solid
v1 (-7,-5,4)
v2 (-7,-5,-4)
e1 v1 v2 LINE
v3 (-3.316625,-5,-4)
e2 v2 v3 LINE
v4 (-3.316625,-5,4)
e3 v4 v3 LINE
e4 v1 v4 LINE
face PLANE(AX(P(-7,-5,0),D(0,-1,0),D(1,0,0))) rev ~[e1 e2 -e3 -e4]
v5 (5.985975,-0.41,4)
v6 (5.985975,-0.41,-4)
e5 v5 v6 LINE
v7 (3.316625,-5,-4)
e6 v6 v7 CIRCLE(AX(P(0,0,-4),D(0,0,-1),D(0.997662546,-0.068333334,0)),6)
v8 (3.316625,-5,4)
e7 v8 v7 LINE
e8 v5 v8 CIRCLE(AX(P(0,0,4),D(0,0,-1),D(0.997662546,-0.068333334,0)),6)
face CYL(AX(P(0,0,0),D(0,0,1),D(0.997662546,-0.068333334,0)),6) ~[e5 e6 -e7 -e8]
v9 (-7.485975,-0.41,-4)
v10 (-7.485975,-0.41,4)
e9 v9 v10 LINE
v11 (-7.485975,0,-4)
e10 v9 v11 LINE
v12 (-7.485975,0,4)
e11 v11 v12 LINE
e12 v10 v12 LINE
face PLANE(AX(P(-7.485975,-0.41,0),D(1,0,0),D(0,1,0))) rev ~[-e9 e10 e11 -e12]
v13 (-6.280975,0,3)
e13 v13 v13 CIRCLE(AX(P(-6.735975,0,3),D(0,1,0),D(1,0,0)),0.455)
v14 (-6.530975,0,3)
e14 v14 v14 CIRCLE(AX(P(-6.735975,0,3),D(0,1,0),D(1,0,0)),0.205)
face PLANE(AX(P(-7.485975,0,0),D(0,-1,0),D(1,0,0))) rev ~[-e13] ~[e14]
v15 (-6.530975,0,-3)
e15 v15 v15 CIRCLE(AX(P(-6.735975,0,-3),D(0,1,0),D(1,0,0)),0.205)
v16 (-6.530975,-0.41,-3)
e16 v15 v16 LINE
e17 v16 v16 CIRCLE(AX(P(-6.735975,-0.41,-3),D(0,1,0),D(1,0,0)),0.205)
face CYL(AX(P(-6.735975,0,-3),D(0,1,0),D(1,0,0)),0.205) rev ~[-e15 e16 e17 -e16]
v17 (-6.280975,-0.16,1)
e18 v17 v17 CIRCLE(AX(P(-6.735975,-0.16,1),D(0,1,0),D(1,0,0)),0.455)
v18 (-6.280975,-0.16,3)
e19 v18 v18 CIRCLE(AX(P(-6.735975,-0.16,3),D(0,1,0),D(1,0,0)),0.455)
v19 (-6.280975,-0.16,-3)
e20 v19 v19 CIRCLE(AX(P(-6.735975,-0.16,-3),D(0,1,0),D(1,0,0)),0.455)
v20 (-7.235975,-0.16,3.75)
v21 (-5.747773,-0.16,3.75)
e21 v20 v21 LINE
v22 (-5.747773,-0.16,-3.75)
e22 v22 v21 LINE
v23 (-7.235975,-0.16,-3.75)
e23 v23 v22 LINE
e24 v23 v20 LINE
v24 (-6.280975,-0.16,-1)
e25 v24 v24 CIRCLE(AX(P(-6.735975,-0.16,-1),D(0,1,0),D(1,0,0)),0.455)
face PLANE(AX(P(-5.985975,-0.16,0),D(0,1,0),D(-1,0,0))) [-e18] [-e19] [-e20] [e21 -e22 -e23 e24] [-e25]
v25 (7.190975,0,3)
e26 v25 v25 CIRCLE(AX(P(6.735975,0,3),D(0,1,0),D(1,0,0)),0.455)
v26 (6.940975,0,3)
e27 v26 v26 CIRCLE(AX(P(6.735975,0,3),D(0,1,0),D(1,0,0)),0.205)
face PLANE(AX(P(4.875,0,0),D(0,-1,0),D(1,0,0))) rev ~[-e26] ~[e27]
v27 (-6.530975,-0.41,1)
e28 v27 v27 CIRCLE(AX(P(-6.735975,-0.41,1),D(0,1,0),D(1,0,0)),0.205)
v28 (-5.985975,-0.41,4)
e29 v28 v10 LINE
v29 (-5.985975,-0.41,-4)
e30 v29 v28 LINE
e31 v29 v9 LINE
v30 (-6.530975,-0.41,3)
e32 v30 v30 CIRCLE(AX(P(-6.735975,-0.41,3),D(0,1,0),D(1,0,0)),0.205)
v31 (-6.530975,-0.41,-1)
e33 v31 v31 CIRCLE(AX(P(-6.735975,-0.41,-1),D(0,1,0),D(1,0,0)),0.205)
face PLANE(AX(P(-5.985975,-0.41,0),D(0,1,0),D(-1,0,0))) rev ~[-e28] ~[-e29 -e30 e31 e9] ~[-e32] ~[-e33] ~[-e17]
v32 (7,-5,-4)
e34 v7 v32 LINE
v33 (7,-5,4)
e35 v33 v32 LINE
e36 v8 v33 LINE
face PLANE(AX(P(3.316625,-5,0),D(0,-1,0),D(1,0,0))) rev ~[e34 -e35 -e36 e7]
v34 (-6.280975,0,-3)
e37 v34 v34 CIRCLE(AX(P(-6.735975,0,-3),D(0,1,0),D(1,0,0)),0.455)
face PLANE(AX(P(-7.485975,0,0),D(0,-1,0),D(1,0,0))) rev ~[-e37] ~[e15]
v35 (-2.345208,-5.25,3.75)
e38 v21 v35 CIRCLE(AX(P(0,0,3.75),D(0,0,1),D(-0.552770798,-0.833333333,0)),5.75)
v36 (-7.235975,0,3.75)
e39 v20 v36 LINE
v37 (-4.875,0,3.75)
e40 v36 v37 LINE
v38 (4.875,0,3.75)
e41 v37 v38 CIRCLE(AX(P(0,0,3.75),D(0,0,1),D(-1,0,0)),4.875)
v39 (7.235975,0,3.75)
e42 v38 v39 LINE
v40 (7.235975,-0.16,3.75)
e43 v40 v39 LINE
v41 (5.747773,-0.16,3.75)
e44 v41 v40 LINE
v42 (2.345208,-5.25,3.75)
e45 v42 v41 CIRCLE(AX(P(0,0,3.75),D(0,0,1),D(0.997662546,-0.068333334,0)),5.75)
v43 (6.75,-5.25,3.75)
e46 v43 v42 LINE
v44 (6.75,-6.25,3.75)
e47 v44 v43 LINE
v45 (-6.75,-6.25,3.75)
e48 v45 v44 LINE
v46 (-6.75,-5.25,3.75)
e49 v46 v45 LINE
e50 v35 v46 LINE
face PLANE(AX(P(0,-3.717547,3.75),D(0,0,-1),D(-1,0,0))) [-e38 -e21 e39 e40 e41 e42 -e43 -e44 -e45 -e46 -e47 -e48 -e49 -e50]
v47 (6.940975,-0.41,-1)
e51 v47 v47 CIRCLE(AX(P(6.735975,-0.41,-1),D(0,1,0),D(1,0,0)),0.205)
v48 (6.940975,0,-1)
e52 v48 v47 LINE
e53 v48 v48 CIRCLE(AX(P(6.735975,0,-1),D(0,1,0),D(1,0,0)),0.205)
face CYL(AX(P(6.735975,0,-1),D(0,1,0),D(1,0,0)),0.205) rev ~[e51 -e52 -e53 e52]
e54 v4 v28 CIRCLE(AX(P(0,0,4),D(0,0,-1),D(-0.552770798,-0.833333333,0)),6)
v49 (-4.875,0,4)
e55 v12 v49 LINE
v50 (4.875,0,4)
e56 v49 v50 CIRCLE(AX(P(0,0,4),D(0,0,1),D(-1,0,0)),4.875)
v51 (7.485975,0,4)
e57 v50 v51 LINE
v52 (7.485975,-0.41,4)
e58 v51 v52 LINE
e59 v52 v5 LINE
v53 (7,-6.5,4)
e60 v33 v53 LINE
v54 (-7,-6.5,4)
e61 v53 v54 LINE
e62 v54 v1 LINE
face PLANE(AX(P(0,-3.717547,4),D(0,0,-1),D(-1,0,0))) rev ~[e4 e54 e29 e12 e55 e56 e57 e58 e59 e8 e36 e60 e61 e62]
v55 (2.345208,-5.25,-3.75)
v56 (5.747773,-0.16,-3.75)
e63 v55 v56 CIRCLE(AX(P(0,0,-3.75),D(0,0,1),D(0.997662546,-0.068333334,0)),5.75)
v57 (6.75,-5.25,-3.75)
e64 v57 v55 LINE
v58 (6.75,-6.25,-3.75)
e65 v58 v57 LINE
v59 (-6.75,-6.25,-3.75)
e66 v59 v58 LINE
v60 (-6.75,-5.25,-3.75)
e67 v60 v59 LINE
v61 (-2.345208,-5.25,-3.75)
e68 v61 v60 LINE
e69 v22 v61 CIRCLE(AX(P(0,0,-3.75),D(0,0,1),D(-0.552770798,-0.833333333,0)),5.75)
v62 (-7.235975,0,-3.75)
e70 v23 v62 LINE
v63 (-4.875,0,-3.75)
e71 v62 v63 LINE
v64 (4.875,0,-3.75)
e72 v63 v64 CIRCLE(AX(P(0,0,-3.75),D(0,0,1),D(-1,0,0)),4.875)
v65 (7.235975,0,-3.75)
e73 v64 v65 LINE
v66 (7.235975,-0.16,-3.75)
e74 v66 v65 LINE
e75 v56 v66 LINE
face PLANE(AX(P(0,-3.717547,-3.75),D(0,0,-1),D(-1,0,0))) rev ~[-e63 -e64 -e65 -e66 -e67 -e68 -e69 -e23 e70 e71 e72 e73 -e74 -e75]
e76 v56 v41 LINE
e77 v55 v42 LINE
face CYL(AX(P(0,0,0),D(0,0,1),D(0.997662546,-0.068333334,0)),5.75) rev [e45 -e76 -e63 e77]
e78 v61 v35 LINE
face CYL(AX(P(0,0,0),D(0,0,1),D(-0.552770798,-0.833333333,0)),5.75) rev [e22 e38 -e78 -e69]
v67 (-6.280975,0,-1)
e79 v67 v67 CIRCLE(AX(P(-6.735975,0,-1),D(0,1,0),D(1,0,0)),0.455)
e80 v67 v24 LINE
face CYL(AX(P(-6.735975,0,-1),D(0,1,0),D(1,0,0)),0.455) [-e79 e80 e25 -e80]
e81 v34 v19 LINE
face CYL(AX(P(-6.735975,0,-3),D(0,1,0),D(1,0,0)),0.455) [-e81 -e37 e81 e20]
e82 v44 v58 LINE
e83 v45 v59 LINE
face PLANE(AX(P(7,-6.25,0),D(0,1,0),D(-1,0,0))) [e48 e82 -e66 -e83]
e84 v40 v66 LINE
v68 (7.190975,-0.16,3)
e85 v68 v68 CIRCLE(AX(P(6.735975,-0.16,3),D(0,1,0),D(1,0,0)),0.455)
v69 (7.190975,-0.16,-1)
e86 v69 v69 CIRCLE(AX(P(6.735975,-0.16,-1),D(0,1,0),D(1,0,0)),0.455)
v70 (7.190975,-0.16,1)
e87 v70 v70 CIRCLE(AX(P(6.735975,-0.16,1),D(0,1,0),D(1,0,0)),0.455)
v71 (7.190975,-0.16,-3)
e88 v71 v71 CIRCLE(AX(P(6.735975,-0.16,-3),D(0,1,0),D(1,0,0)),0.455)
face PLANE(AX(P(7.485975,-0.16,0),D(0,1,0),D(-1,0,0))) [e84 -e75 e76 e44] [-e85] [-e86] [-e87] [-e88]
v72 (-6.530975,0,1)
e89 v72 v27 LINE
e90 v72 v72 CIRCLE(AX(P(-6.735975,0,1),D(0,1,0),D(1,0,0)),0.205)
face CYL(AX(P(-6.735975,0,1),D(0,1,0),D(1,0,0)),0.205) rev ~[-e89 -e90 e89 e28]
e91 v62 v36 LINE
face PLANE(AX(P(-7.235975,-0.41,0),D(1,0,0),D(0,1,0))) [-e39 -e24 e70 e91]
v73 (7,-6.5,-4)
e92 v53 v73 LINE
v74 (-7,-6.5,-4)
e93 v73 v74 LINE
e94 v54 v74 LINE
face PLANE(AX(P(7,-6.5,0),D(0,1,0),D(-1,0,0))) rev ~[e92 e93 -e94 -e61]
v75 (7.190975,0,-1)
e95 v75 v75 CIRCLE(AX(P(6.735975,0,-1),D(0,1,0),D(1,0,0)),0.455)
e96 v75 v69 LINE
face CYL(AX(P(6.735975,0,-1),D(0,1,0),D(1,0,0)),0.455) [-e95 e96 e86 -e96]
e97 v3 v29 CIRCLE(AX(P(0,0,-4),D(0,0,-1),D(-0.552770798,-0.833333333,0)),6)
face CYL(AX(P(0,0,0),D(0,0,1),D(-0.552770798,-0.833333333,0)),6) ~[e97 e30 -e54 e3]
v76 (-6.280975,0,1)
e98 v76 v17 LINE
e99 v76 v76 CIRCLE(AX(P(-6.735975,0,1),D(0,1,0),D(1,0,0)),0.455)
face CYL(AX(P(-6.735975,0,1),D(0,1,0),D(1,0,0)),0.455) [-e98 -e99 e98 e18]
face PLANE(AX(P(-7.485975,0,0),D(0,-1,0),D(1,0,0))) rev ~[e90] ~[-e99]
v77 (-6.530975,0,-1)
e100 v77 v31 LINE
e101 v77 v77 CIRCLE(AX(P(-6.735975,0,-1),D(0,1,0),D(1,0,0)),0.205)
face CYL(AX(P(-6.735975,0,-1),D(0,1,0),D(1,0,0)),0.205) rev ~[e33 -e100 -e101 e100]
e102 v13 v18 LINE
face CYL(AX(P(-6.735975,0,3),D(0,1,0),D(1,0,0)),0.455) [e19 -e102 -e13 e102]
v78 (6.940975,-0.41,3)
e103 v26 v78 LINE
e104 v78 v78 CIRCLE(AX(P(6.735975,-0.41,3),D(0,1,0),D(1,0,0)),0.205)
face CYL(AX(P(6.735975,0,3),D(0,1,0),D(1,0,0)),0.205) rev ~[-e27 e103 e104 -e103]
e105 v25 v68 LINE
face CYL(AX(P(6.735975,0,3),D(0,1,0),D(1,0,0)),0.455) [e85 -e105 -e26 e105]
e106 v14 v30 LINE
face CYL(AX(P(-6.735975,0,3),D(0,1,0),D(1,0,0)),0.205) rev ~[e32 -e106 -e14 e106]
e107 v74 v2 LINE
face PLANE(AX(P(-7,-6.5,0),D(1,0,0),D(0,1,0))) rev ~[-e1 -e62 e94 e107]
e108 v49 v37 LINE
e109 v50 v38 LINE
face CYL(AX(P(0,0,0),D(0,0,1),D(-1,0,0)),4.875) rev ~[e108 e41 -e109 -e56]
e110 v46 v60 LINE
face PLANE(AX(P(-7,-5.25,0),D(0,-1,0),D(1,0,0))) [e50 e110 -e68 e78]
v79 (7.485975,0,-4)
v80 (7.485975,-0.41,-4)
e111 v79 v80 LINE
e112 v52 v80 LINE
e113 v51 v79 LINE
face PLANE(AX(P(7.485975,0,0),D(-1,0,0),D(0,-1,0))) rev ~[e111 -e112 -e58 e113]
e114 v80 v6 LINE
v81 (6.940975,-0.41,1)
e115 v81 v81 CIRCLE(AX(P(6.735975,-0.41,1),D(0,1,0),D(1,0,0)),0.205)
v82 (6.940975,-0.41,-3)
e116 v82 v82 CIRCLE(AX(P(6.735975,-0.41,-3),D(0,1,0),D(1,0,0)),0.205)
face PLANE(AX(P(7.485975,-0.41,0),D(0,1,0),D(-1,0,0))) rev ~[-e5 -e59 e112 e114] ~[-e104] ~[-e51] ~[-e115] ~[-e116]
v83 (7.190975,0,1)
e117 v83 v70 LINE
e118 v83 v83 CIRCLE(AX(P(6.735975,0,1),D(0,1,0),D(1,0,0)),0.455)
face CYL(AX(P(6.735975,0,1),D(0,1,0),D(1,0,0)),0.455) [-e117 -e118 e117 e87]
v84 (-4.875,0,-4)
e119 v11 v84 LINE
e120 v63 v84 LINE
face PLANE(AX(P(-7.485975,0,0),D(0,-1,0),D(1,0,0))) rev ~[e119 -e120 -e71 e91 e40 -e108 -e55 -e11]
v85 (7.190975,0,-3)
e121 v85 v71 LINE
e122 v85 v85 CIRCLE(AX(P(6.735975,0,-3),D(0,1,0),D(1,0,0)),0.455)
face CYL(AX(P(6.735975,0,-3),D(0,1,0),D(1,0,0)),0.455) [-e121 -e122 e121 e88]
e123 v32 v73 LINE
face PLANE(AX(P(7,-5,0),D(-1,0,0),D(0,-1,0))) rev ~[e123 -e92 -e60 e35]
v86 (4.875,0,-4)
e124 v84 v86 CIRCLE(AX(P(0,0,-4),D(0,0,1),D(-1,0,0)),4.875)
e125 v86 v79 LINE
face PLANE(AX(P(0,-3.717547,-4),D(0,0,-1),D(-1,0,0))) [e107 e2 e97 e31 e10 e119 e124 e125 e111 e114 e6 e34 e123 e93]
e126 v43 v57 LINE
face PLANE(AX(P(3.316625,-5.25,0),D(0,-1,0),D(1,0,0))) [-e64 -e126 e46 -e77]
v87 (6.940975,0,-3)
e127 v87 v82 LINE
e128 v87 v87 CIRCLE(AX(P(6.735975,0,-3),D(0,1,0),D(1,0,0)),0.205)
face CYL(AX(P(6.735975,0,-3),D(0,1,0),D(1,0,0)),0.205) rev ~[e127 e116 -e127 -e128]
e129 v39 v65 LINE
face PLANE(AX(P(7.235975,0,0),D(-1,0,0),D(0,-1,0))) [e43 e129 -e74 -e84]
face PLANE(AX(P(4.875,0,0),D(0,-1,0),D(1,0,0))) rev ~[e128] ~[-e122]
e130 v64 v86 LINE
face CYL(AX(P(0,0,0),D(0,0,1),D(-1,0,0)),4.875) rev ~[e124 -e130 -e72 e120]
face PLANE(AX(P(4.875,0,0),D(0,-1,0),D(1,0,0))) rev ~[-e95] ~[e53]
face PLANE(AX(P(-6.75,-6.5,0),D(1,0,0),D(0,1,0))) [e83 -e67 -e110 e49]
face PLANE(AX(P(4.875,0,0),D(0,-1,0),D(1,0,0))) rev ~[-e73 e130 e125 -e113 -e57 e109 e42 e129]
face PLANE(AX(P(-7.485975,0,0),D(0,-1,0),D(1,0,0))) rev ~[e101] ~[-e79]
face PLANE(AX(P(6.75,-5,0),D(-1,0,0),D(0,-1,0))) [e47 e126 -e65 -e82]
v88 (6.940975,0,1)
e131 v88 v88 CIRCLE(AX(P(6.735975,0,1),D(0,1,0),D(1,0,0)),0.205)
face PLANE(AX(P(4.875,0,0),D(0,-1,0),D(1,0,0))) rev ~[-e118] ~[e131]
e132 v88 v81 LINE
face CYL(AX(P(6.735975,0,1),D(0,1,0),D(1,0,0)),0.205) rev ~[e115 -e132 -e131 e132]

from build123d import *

# Parameters (mm, degrees)
BOSS_EXTRUDE2_DEPTH = 4
CUT_EXTRUDE2_REACH  = 8.5
SKETCH3_R           = 0.205
SHELL1_T            = -0.25


with BuildPart() as part:
    # Sketch1 → Boss-Extrude2 (new body, symmetric)
    with BuildSketch(Plane.XY):
        with BuildLine():
            Line((-7.485975276, 0), (-4.875, 0))
            ThreePointArc((-4.875, 0), (0, -4.875), (4.875, 0))
            Line((4.875, 0), (7.485975276, 0))
            Line((7.485975276, 0), (7.485975276, -0.41))
            Line((7.485975276, -0.41), (5.985975276, -0.41))
            ThreePointArc((5.985975276, -0.41), (5.186676874, -3.016352599), (3.31662479, -5))
            Line((3.31662479, -5), (7, -5))
            Line((7, -5), (7, -6.5))
            Line((7, -6.5), (-7, -6.5))
            Line((-7, -6.5), (-7, -5))
            Line((-7, -5), (-3.31662479, -5))
            ThreePointArc((-3.31662479, -5), (-5.186676874, -3.016352599), (-5.985975276, -0.41))
            Line((-5.985975276, -0.41), (-7.485975276, -0.41))
            Line((-7.485975276, -0.41), (-7.485975276, 0))
        make_face()
    extrude(amount=BOSS_EXTRUDE2_DEPTH, both=True)

    # Sketch3 → Cut-Extrude2 (cut, up to next)
    with BuildSketch(Plane(origin=(0, 0, 0), x_dir=(1, 0, 0), z_dir=(0, 1, 0)), mode=Mode.PRIVATE) as cut_extrude2_sk1:
        with Locations((-6.735975276, 3)):
            Circle(SKETCH3_R)
    cut_extrude2_tool1 = extrude(cut_extrude2_sk1.sketch, amount=-CUT_EXTRUDE2_REACH, mode=Mode.PRIVATE) & part.part
    add(cut_extrude2_tool1.solids().sort_by_distance((-6.735975, 0, -3))[0], mode=Mode.SUBTRACT)
    # Sketch3 → Cut-Extrude2 (cut, up to next)
    with BuildSketch(Plane(origin=(0, 0, 0), x_dir=(1, 0, 0), z_dir=(0, 1, 0)), mode=Mode.PRIVATE) as cut_extrude2_sk2:
        with Locations((-6.735975276, 1)):
            Circle(SKETCH3_R)
    cut_extrude2_tool2 = extrude(cut_extrude2_sk2.sketch, amount=-CUT_EXTRUDE2_REACH, mode=Mode.PRIVATE) & part.part
    add(cut_extrude2_tool2.solids().sort_by_distance((-6.735975, 0, -1))[0], mode=Mode.SUBTRACT)
    # Sketch3 → Cut-Extrude2 (cut, up to next)
    with BuildSketch(Plane(origin=(0, 0, 0), x_dir=(1, 0, 0), z_dir=(0, 1, 0)), mode=Mode.PRIVATE) as cut_extrude2_sk3:
        with Locations((-6.735975276, -1)):
            Circle(SKETCH3_R)
    cut_extrude2_tool3 = extrude(cut_extrude2_sk3.sketch, amount=-CUT_EXTRUDE2_REACH, mode=Mode.PRIVATE) & part.part
    add(cut_extrude2_tool3.solids().sort_by_distance((-6.735975, 0, 1))[0], mode=Mode.SUBTRACT)
    # Sketch3 → Cut-Extrude2 (cut, up to next)
    with BuildSketch(Plane(origin=(0, 0, 0), x_dir=(1, 0, 0), z_dir=(0, 1, 0)), mode=Mode.PRIVATE) as cut_extrude2_sk4:
        with Locations((-6.735975276, -3)):
            Circle(SKETCH3_R)
    cut_extrude2_tool4 = extrude(cut_extrude2_sk4.sketch, amount=-CUT_EXTRUDE2_REACH, mode=Mode.PRIVATE) & part.part
    add(cut_extrude2_tool4.solids().sort_by_distance((-6.735975, 0, 3))[0], mode=Mode.SUBTRACT)
    # Sketch3 → Cut-Extrude2 (cut, up to next)
    with BuildSketch(Plane(origin=(0, 0, 0), x_dir=(1, 0, 0), z_dir=(0, 1, 0)), mode=Mode.PRIVATE) as cut_extrude2_sk5:
        with Locations((6.735975276, -3)):
            Circle(SKETCH3_R)
    cut_extrude2_tool5 = extrude(cut_extrude2_sk5.sketch, amount=-CUT_EXTRUDE2_REACH, mode=Mode.PRIVATE) & part.part
    add(cut_extrude2_tool5.solids().sort_by_distance((6.735975, 0, 3))[0], mode=Mode.SUBTRACT)
    # Sketch3 → Cut-Extrude2 (cut, up to next)
    with BuildSketch(Plane(origin=(0, 0, 0), x_dir=(1, 0, 0), z_dir=(0, 1, 0)), mode=Mode.PRIVATE) as cut_extrude2_sk6:
        with Locations((6.735975276, -1)):
            Circle(SKETCH3_R)
    cut_extrude2_tool6 = extrude(cut_extrude2_sk6.sketch, amount=-CUT_EXTRUDE2_REACH, mode=Mode.PRIVATE) & part.part
    add(cut_extrude2_tool6.solids().sort_by_distance((6.735975, 0, 1))[0], mode=Mode.SUBTRACT)
    # Sketch3 → Cut-Extrude2 (cut, up to next)
    with BuildSketch(Plane(origin=(0, 0, 0), x_dir=(1, 0, 0), z_dir=(0, 1, 0)), mode=Mode.PRIVATE) as cut_extrude2_sk7:
        with Locations((6.735975276, 1)):
            Circle(SKETCH3_R)
    cut_extrude2_tool7 = extrude(cut_extrude2_sk7.sketch, amount=-CUT_EXTRUDE2_REACH, mode=Mode.PRIVATE) & part.part
    add(cut_extrude2_tool7.solids().sort_by_distance((6.735975, 0, -1))[0], mode=Mode.SUBTRACT)
    # Sketch3 → Cut-Extrude2 (cut, up to next)
    with BuildSketch(Plane(origin=(0, 0, 0), x_dir=(1, 0, 0), z_dir=(0, 1, 0)), mode=Mode.PRIVATE) as cut_extrude2_sk8:
        with Locations((6.735975276, 3)):
            Circle(SKETCH3_R)
    cut_extrude2_tool8 = extrude(cut_extrude2_sk8.sketch, amount=-CUT_EXTRUDE2_REACH, mode=Mode.PRIVATE) & part.part
    add(cut_extrude2_tool8.solids().sort_by_distance((6.735975, 0, -3))[0], mode=Mode.SUBTRACT)

    # Shell1
    shell1_openings = [part.faces().sort_by_distance(p)[0] for p in [
        (-6.735975276, 0, -0.795),
        (0, -2.4375, 0),
        (6.735975276, 0, 2.795),
    ]]
    offset(amount=SHELL1_T, openings=shell1_openings, kind=Kind.INTERSECTION)


solid = part.part
